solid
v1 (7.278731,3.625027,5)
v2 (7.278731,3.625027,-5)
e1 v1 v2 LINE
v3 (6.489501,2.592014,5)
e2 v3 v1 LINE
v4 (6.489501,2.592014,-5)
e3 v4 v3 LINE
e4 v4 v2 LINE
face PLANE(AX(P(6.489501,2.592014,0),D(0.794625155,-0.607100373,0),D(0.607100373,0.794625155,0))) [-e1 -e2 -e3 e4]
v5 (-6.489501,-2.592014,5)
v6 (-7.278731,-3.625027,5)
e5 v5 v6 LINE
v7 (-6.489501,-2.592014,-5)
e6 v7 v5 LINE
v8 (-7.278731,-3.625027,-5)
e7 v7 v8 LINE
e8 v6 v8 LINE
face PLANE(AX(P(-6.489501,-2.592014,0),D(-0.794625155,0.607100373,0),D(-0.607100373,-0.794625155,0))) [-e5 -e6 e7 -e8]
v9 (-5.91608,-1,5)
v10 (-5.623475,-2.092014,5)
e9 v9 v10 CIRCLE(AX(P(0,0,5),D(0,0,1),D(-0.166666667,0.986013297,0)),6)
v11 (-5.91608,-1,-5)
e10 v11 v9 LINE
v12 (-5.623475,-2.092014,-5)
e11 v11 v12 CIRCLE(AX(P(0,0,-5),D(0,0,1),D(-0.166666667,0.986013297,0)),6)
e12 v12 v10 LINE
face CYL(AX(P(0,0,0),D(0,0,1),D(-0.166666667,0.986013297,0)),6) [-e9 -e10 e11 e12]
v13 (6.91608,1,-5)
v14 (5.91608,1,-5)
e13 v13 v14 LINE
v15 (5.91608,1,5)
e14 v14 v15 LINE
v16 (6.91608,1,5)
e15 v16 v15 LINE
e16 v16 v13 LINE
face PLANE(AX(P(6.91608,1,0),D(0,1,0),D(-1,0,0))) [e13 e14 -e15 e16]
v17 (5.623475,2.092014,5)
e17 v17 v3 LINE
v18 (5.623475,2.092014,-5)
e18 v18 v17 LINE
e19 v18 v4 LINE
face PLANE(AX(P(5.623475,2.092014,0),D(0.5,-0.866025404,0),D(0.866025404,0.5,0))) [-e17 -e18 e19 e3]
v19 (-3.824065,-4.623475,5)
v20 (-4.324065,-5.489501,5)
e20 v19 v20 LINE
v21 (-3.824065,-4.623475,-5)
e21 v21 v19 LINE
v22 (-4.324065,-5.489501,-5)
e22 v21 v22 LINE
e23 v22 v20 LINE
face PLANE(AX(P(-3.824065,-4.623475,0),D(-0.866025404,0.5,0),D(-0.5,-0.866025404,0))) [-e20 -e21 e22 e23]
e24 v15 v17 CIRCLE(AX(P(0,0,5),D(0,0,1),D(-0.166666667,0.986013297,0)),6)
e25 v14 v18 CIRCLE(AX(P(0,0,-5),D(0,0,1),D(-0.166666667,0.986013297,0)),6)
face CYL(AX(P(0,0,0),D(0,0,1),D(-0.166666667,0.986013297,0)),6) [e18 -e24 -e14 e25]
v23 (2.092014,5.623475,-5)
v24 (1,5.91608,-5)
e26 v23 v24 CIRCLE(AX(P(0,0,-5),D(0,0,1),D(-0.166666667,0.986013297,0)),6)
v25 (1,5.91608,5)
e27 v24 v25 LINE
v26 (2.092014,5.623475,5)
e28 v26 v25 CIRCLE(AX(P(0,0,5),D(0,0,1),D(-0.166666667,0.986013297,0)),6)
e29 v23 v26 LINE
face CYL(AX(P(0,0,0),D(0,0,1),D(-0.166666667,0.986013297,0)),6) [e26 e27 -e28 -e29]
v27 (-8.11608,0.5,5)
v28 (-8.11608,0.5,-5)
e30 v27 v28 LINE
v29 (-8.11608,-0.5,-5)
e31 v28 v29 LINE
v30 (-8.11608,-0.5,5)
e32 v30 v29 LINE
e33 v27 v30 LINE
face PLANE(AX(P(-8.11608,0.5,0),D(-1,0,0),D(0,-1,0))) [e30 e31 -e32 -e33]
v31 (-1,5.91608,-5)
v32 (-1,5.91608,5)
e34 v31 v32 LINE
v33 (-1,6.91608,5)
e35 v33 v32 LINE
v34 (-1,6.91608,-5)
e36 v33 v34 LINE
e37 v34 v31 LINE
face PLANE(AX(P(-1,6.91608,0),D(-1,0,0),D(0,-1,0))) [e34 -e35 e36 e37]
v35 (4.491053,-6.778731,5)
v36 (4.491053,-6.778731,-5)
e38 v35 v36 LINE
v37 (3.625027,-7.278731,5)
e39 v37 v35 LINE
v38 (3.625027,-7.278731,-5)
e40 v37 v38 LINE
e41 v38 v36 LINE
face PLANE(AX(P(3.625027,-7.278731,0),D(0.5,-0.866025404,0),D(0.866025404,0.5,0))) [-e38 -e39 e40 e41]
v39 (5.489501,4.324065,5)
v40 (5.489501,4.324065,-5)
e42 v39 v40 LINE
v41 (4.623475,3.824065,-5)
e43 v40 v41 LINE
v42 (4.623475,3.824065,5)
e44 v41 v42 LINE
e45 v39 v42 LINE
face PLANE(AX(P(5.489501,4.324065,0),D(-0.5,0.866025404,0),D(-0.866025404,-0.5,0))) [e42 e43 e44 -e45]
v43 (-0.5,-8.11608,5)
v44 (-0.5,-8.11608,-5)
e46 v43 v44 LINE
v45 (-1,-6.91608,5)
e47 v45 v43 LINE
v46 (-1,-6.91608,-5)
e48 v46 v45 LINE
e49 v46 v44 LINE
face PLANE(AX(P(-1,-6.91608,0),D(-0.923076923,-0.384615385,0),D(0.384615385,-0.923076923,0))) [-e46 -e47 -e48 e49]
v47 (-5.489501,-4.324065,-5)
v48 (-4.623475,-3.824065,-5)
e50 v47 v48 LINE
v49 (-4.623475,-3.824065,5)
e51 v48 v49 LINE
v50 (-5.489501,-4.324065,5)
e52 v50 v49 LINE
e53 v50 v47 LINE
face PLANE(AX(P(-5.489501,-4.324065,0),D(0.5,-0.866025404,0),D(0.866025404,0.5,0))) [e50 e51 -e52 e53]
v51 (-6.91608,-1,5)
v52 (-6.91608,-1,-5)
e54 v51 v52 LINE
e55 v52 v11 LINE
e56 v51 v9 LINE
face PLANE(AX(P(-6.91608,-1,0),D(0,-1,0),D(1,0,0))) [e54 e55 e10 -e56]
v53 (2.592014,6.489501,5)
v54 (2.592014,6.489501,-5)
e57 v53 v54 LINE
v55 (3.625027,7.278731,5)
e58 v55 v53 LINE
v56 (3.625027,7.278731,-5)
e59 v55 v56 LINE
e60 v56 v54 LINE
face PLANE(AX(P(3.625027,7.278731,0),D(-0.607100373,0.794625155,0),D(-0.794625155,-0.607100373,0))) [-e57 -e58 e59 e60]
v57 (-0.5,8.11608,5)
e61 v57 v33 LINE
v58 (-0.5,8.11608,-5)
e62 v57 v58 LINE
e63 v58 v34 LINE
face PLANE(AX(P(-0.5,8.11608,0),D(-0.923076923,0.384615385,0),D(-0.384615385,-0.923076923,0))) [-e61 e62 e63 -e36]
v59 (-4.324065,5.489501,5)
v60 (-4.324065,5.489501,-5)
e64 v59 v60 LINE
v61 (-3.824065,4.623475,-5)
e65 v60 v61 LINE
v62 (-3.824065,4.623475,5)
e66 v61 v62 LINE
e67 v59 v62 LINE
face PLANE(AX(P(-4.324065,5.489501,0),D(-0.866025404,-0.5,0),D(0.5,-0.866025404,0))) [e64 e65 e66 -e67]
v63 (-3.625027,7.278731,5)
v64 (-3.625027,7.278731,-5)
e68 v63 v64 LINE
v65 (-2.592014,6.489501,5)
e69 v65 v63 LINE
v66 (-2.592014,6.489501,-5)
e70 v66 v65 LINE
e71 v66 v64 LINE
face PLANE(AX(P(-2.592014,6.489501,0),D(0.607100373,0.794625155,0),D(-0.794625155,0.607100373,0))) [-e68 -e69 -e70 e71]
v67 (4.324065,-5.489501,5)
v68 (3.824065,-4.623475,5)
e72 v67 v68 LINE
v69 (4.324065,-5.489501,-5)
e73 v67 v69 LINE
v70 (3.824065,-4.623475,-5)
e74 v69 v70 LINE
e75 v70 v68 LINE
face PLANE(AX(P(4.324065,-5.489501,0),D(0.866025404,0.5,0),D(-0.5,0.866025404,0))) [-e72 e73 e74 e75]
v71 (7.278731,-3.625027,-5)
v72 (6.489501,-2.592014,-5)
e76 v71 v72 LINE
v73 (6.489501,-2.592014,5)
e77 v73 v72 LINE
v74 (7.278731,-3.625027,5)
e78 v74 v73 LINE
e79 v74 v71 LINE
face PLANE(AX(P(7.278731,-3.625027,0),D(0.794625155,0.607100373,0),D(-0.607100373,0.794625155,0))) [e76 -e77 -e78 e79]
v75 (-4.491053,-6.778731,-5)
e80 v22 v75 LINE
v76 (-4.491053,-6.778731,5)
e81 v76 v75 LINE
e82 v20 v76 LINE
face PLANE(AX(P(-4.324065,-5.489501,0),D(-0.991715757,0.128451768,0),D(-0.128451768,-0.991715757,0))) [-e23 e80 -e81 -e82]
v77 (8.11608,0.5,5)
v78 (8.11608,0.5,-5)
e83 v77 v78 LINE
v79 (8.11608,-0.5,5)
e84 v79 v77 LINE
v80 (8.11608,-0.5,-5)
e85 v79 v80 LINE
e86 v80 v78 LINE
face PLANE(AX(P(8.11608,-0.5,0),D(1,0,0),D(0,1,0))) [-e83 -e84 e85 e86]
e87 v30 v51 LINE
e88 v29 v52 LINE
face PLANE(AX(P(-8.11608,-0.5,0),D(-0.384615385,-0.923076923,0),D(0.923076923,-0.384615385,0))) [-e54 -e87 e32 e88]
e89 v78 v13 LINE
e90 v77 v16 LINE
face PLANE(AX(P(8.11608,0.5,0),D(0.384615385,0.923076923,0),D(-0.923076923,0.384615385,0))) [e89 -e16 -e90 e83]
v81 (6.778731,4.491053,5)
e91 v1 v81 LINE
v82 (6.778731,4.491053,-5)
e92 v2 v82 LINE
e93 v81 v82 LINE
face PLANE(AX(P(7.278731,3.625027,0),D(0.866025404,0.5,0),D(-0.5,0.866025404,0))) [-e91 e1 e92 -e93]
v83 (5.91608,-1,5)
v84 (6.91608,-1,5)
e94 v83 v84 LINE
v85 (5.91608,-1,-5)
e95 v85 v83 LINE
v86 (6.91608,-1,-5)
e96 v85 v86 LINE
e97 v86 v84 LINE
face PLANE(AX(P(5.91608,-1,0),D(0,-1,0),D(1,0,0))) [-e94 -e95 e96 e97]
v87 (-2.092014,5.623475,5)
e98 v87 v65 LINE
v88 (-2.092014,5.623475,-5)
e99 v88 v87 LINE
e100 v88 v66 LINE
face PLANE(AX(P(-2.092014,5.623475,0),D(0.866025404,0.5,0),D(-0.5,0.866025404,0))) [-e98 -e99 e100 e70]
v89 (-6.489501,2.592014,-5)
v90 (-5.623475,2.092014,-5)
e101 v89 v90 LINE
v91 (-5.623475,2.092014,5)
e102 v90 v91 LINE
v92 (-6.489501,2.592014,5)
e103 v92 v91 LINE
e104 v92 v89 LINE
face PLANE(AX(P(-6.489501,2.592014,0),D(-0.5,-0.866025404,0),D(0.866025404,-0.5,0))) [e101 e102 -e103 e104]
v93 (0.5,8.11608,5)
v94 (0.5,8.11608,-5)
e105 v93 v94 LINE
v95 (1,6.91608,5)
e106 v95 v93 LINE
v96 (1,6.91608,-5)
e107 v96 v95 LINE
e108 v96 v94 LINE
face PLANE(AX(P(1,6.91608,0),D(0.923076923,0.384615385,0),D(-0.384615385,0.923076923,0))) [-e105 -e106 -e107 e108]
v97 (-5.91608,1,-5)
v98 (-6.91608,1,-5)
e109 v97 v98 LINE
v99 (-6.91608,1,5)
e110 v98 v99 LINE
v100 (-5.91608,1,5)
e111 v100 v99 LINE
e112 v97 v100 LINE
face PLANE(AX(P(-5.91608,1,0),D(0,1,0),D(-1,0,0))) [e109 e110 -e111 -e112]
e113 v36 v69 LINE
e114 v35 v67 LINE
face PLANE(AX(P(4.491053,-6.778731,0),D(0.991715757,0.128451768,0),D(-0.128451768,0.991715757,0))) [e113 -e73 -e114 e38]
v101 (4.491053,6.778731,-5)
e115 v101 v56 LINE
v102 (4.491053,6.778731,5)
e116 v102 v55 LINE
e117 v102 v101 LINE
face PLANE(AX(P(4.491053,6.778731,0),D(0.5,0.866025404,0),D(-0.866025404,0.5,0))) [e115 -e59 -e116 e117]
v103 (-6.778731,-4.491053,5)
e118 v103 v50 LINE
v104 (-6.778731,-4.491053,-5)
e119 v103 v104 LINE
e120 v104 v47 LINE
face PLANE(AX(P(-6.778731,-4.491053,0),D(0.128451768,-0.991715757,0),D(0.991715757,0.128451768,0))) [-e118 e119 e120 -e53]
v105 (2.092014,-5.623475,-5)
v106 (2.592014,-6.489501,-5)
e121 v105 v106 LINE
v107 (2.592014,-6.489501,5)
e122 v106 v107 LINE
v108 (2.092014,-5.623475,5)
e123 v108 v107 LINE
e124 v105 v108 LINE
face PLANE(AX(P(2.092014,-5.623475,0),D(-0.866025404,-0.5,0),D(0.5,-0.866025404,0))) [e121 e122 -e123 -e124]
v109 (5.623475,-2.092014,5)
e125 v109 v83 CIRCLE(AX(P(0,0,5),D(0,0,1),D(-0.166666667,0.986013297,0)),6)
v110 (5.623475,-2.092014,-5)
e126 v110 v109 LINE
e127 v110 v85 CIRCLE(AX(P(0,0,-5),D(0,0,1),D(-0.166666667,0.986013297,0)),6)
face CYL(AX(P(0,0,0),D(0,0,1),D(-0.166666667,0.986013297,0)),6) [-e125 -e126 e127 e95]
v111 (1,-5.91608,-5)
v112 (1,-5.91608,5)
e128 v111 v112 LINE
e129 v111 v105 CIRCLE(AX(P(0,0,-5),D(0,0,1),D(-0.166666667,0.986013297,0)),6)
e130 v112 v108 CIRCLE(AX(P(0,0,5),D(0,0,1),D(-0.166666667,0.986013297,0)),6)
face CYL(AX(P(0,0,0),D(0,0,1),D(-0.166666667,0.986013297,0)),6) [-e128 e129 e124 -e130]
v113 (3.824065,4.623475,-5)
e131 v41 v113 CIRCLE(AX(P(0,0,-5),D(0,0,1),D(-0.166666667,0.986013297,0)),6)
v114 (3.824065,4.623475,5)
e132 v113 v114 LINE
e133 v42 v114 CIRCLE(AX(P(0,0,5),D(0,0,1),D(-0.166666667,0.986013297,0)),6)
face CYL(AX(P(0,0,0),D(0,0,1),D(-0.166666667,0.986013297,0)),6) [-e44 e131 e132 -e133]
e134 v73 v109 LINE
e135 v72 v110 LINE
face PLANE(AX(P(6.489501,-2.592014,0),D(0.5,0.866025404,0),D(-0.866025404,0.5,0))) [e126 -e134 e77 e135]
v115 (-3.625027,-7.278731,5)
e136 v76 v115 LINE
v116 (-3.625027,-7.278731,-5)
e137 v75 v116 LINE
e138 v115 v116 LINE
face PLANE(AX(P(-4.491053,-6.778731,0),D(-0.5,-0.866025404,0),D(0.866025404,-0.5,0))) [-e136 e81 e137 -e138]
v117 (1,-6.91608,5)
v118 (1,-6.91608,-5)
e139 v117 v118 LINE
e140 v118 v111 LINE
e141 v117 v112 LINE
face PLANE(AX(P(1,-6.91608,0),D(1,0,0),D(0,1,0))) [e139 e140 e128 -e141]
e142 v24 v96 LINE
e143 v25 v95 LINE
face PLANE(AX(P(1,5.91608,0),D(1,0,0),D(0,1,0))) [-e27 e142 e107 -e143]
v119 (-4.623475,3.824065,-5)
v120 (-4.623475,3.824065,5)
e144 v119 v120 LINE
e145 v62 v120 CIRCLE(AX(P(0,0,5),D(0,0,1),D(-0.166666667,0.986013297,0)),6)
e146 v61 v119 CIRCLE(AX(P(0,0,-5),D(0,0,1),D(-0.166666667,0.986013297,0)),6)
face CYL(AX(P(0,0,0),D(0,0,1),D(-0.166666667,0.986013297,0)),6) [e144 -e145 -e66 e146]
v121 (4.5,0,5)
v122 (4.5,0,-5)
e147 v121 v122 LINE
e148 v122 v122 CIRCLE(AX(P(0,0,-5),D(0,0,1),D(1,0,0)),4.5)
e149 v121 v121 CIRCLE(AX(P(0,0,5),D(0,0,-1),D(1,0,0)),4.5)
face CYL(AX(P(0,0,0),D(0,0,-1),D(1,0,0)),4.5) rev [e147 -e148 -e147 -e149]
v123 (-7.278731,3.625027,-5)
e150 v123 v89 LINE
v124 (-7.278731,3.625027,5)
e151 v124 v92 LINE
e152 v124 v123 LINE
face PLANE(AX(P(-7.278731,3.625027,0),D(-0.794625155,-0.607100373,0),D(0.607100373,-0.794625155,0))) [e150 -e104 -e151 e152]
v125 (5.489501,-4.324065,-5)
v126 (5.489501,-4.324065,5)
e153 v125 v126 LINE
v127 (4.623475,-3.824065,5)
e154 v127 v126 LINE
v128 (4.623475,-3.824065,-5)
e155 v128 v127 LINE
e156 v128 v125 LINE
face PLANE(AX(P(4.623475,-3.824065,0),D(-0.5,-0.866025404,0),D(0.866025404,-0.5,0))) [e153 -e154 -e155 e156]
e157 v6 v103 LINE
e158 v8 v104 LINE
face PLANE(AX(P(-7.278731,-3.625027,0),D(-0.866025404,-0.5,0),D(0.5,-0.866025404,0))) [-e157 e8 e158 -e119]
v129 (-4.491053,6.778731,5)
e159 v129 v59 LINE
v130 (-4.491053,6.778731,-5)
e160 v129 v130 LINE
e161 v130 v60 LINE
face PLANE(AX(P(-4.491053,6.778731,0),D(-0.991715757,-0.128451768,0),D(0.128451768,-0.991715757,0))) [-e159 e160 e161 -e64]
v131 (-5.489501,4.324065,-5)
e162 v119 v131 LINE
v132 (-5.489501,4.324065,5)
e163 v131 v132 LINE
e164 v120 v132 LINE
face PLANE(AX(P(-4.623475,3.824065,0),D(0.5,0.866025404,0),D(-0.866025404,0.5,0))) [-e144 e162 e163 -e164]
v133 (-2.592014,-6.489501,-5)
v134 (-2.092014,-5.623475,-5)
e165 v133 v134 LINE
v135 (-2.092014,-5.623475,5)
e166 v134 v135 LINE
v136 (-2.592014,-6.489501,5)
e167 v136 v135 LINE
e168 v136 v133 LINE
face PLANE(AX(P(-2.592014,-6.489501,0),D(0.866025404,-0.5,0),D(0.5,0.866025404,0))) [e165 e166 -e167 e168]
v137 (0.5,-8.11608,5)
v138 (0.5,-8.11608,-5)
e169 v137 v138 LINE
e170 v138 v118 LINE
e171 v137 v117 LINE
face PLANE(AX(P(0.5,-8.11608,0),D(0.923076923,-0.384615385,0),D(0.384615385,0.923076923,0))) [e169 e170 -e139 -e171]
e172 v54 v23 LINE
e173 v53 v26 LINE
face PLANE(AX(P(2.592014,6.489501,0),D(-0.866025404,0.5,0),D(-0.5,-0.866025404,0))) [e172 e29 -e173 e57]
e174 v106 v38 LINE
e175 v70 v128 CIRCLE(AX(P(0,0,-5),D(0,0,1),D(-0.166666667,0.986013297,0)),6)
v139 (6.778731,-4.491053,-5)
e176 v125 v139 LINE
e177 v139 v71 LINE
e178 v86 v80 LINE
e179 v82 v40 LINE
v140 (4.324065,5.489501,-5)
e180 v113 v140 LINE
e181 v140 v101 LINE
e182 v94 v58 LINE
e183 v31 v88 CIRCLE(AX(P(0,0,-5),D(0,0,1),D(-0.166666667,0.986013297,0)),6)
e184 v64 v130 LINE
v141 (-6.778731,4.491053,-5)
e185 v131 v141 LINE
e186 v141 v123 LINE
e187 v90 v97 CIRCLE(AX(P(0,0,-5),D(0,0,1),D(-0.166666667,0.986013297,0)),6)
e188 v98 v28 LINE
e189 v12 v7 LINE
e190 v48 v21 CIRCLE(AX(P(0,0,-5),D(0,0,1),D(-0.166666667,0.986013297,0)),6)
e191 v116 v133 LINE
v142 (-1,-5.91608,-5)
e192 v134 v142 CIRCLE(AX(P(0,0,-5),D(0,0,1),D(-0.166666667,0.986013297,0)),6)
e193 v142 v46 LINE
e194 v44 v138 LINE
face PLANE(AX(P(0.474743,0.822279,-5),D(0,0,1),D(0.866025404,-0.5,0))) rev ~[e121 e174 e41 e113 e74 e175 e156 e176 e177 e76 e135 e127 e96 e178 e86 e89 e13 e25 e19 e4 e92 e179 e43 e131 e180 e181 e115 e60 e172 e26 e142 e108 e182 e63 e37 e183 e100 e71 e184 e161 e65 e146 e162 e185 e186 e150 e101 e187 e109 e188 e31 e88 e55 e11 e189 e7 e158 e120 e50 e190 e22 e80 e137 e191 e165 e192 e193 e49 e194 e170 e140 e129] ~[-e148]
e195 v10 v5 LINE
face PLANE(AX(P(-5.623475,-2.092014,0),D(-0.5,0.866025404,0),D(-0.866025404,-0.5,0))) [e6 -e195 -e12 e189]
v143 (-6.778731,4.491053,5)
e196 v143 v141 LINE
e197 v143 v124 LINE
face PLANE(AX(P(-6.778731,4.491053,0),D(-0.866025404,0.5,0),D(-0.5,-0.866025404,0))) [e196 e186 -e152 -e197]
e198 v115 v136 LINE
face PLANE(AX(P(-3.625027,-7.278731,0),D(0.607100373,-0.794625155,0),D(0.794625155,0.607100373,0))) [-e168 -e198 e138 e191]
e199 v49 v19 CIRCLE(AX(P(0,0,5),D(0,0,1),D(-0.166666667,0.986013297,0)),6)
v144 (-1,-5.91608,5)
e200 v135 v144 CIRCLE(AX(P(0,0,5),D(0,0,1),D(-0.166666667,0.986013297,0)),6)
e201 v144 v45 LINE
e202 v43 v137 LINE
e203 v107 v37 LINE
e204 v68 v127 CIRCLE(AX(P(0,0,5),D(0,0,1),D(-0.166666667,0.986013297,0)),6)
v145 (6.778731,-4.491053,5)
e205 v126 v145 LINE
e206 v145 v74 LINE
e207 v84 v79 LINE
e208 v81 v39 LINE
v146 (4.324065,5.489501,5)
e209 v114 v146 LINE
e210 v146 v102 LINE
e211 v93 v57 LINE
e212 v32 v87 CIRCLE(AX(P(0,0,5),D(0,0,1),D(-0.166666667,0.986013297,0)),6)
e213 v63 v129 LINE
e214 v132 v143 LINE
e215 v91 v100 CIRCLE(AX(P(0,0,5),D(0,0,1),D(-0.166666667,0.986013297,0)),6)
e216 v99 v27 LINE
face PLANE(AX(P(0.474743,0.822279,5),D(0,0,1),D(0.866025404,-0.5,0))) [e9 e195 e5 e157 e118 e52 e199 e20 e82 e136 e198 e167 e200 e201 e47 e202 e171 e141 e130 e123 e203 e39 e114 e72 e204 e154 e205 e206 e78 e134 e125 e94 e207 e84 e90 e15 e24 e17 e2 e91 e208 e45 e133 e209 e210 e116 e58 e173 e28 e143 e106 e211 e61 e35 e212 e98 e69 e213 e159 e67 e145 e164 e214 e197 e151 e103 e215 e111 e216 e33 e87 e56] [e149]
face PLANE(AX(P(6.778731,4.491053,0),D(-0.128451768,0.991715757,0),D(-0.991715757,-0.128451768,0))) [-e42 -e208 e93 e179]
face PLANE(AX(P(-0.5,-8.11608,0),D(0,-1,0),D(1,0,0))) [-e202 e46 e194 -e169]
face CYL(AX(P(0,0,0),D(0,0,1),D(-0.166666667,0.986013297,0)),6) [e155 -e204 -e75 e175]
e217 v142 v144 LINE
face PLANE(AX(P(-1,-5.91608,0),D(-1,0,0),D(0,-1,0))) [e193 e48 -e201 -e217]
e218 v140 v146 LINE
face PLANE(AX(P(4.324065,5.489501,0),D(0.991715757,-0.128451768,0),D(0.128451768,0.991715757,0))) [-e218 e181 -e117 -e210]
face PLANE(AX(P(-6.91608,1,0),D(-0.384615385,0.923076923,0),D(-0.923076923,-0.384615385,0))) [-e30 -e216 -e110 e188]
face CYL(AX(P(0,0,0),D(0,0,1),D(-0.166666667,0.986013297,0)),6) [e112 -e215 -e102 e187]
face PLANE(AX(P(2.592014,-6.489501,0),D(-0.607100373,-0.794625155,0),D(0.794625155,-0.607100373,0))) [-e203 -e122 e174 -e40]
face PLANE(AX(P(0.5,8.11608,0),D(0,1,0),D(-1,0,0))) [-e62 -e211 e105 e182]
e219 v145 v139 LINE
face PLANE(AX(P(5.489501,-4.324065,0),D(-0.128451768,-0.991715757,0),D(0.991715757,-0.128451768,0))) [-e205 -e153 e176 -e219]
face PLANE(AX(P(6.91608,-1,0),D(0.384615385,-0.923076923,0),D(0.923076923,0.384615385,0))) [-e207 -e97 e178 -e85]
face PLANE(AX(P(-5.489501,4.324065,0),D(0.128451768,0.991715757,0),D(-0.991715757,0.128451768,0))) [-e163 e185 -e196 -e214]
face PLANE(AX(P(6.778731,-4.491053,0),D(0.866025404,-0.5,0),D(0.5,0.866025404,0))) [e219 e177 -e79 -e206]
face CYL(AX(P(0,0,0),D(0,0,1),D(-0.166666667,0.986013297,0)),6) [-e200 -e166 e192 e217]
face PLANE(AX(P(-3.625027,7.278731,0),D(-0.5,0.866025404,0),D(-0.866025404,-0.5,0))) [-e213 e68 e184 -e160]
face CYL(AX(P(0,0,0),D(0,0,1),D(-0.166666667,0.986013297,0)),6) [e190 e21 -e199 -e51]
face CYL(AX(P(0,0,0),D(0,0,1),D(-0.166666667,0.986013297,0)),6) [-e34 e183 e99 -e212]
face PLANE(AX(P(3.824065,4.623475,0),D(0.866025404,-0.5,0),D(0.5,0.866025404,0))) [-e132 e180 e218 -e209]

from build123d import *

# Parameters (mm, degrees)
SKETCH1_R           = 4.5
BOSS_EXTRUDE1_DEPTH = 5
CIRPATTERN1_COUNT   = 12


with BuildPart() as part:
    # Sketch1 → Boss-Extrude1 (new body, symmetric)
    with BuildSketch(Plane.XY):
        with BuildLine():
            Line((-1, 6.916079783), (-1, 5.916079783))
            ThreePointArc((-1, 5.916079783), (0, -6), (1, 5.916079783))
            Line((1, 5.916079783), (1, 6.916079783))
            Line((1, 6.916079783), (0.5, 8.116079783))
            Line((0.5, 8.116079783), (-0.5, 8.116079783))
            Line((-0.5, 8.116079783), (-1, 6.916079783))
        make_face()
        Circle(SKETCH1_R, mode=Mode.SUBTRACT)
    boss_extrude1 = extrude(amount=BOSS_EXTRUDE1_DEPTH, both=True)

    # CirPattern1: Boss-Extrude1 ×12 about axis
    cirpattern1_axis = Axis((0, 0, 0), (0, 0, 1))
    for i in range(1, CIRPATTERN1_COUNT):
        add(boss_extrude1.rotate(cirpattern1_axis, i * 360 / CIRPATTERN1_COUNT))


solid = part.part
